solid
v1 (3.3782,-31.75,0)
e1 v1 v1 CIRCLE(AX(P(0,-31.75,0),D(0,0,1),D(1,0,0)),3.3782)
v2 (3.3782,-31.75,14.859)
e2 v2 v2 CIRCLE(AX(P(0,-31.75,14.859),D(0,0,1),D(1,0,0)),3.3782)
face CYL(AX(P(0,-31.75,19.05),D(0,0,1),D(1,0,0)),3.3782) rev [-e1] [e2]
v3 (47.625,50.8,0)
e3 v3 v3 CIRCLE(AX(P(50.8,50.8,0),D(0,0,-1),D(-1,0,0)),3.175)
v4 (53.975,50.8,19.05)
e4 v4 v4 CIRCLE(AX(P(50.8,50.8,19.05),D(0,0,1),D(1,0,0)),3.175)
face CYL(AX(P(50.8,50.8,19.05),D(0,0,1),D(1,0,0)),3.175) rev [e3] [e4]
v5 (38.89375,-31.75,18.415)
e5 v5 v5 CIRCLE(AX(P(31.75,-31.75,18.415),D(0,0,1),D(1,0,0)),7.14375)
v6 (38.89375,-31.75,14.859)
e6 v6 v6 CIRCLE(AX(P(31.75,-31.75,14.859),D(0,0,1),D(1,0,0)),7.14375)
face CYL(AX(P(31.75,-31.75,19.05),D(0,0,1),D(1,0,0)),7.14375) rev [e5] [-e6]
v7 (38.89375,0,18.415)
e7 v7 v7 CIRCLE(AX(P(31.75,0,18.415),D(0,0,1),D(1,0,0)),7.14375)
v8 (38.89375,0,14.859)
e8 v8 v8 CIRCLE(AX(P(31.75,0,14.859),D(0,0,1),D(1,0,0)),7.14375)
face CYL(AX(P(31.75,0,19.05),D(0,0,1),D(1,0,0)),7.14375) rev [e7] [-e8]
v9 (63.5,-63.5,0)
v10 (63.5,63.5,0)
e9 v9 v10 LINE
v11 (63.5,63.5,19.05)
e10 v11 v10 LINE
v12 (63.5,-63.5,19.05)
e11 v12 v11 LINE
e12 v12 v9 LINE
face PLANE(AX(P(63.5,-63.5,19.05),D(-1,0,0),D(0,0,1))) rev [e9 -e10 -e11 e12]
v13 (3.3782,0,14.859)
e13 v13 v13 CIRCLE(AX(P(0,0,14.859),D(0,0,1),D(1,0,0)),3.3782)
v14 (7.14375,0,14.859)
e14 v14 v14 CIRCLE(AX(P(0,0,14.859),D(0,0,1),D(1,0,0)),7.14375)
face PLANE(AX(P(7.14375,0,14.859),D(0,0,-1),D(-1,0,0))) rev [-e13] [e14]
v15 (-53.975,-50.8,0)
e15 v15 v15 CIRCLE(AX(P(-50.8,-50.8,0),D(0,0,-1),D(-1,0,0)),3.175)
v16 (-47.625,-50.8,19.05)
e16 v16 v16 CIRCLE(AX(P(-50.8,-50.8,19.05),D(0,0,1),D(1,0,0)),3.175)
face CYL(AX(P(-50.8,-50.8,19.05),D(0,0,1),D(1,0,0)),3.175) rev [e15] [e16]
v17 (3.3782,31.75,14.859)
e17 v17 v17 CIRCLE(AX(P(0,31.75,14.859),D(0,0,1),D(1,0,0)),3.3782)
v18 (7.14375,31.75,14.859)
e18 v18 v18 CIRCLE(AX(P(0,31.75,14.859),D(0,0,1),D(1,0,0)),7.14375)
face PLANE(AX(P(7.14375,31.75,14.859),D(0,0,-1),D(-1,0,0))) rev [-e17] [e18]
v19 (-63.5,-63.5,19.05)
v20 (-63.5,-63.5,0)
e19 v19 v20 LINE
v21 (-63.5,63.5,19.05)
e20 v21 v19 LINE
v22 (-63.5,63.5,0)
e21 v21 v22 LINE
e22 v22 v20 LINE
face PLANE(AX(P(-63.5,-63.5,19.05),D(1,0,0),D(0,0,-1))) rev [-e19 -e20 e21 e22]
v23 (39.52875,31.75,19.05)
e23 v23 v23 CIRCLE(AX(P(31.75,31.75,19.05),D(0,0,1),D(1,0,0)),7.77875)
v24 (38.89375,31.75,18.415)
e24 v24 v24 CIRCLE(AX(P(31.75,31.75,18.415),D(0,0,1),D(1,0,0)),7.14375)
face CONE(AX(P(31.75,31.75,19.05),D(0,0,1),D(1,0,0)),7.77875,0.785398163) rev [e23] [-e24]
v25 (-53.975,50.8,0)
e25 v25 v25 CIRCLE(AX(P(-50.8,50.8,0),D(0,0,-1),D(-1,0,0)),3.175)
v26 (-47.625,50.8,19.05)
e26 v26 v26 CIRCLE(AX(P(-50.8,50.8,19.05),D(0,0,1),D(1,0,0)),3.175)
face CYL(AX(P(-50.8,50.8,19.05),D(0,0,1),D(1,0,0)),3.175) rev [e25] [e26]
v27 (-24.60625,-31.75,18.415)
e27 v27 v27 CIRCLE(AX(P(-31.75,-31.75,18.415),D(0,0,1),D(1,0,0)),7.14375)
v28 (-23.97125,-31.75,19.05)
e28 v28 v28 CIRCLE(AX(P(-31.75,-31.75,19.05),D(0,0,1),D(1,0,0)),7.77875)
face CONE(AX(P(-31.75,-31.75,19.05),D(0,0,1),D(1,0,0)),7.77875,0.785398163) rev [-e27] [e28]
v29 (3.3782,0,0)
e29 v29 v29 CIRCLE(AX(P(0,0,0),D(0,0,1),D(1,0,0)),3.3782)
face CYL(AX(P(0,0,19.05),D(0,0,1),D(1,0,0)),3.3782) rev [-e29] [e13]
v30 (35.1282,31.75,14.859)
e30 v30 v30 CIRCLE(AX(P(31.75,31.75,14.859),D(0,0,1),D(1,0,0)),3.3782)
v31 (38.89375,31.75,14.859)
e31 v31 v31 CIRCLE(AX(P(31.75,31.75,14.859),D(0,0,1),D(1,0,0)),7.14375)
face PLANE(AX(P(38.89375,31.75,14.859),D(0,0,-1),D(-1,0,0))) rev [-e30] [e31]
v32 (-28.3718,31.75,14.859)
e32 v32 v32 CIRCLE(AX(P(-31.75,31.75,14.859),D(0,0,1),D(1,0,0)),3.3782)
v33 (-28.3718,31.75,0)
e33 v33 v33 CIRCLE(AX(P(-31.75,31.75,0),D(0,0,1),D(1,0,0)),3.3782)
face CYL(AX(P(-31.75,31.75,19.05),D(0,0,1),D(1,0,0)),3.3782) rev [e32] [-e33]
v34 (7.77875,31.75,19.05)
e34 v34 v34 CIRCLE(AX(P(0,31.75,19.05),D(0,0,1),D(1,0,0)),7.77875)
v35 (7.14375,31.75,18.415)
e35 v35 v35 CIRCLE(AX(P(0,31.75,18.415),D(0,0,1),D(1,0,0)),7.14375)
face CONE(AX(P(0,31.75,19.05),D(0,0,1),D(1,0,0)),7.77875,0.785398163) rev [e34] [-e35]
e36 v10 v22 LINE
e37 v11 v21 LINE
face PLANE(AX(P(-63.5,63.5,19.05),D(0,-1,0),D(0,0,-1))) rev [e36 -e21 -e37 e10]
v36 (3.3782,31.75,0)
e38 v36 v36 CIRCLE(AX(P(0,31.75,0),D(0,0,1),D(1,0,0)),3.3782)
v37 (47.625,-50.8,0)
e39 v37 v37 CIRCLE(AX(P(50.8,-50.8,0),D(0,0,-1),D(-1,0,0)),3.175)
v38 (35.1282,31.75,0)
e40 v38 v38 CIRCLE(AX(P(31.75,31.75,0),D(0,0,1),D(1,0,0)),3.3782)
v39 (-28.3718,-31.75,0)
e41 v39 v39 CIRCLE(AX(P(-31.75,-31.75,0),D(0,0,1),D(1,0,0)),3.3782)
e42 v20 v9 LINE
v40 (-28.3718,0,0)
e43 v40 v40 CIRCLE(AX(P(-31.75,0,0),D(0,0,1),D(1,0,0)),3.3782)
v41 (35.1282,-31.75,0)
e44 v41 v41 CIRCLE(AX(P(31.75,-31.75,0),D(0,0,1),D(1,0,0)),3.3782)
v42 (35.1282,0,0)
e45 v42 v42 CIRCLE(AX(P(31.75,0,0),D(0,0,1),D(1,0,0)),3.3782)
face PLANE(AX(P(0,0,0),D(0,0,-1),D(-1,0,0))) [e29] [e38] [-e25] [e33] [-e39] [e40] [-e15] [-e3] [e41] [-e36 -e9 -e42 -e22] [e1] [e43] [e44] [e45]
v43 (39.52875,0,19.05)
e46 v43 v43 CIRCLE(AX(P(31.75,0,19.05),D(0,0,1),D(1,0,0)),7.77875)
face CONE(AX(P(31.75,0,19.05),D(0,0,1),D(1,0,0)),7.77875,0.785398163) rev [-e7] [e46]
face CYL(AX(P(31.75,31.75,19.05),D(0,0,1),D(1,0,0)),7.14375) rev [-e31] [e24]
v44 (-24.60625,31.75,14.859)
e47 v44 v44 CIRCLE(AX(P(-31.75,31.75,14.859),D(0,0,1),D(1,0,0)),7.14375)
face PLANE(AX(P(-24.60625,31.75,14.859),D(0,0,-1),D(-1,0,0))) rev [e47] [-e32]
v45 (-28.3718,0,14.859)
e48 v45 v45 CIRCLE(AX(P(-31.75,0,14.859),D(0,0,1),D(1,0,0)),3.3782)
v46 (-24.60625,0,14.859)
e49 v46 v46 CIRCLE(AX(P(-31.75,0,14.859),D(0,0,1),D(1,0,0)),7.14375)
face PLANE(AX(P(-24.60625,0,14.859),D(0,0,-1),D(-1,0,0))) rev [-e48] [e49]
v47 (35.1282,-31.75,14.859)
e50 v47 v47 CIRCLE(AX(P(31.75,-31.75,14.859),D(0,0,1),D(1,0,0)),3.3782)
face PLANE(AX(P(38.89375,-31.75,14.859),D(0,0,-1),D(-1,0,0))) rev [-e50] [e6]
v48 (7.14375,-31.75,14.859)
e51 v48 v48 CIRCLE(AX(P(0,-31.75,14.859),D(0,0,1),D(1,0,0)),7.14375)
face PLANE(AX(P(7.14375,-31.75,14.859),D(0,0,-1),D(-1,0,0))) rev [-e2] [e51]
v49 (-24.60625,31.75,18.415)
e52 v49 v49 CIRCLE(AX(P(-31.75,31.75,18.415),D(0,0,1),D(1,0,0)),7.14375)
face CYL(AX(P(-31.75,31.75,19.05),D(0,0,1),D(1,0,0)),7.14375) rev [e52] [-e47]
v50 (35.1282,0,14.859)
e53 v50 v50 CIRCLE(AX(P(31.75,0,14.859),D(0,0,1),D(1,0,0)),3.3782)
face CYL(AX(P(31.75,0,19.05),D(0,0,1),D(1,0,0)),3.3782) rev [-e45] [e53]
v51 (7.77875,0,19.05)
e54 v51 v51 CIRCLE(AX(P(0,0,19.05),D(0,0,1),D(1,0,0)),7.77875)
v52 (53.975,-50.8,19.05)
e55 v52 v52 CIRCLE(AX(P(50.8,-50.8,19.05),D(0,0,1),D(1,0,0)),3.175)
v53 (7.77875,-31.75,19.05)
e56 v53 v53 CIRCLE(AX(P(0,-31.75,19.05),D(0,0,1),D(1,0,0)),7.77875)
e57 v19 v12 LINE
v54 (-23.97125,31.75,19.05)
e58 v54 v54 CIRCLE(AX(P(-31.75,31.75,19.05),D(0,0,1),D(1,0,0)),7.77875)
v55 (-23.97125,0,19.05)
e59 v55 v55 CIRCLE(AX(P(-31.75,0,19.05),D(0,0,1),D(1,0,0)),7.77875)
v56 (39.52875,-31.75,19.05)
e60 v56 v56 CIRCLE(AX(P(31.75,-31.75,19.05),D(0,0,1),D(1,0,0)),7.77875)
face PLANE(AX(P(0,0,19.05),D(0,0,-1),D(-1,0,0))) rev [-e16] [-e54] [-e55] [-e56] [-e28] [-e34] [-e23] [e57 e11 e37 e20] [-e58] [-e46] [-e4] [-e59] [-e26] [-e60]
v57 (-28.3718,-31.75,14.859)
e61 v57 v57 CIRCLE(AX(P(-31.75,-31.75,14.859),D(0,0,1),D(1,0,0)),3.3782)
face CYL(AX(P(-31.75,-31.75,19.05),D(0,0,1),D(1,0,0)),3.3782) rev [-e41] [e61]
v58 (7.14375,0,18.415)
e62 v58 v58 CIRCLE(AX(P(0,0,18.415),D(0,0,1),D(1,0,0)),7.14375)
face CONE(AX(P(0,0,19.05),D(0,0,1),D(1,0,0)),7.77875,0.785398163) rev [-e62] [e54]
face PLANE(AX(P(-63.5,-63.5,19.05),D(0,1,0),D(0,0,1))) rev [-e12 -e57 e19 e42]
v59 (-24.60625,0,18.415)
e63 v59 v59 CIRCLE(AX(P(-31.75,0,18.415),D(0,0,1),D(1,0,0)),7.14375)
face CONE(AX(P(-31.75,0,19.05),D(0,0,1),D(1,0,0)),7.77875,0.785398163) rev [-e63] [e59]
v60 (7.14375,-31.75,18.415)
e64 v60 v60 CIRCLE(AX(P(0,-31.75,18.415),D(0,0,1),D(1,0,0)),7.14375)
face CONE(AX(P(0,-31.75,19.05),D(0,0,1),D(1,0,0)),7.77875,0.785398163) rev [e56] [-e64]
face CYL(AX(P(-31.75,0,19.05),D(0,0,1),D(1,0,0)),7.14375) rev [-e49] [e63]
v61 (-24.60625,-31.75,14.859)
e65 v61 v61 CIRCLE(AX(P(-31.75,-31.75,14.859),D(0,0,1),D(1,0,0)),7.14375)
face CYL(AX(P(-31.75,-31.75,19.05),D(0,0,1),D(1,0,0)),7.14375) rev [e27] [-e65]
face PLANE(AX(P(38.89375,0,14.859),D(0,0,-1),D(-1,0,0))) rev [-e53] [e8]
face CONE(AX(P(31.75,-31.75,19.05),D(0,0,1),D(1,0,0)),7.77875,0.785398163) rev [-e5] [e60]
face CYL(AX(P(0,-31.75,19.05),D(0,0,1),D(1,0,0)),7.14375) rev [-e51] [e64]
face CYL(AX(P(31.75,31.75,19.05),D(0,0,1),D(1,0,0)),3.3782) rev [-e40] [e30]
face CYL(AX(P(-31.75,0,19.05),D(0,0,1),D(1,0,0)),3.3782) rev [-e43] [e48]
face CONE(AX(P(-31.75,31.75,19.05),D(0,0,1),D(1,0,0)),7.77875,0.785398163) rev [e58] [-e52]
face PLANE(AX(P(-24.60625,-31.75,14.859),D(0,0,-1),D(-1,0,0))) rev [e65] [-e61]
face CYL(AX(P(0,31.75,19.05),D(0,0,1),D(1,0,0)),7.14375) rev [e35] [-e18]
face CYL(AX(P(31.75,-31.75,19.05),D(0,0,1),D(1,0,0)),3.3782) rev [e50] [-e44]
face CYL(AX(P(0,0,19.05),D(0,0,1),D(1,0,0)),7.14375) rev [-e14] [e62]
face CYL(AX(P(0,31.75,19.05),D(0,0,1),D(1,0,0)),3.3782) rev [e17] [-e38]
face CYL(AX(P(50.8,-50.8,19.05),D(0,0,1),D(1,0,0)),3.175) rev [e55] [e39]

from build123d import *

# Parameters (mm, degrees)
SKETCH2_W                       = 127
SKETCH2_H                       = 127
BOSS_EXTRUDE1_DEPTH             = 19.05
LPATTERN1_COUNT                 = 2
LPATTERN1_PITCH                 = 31.75
LPATTERN1_COL_COUNT             = 2
LPATTERN1_COL_PITCH             = 31.75
LPATTERN2_COUNT                 = 2
LPATTERN2_PITCH                 = 31.75
LPATTERN2_COL_COUNT             = 2
LPATTERN2_COL_PITCH             = 31.75
F_1_4_0_25_DIAMETER_HOLE1_D     = 6.35
F_1_4_0_25_DIAMETER_HOLE1_DEPTH = 59.944
F_1_4_0_25_DIAMETER_HOLE1_TIP   = 1.907732465


with BuildPart() as part:
    # Sketch2 → Boss-Extrude1 (new body)
    with BuildSketch(Plane.XY):
        Rectangle(SKETCH2_W, SKETCH2_H)
    extrude(amount=BOSS_EXTRUDE1_DEPTH)

    # Sketch5 → CBORE for 1/4 Binding Head Machine Screw1 (revolve, cut)
    with BuildSketch(Plane(origin=(0, 0, 19.05), x_dir=(0, -1, 0), z_dir=(1, 0, 0))):
        Polygon((0, 0), (0, 19.05), (3.3782, 19.05), (3.3782, 4.191), (7.14375, 4.191), (7.14375, 0.635), (7.77875, 0), align=None)
    cbore_for_1_4_binding_head_machine_screw = revolve(axis=Axis((0, 0, 25.4), (0, 0, -1)), mode=Mode.SUBTRACT)

    # LPattern1: CBORE for 1/4 Binding Head Machine Screw1 ×2
    with Locations(*[(i * LPATTERN1_PITCH, 0, 0) for i in range(1, LPATTERN1_COUNT)]):
        add(cbore_for_1_4_binding_head_machine_screw, mode=Mode.SUBTRACT)

    # LPattern1 col: CBORE for 1/4 Binding Head Machine Screw1 ×2
    with Locations(*[(-i * LPATTERN1_COL_PITCH, 0, 0) for i in range(1, LPATTERN1_COL_COUNT)]):
        add(cbore_for_1_4_binding_head_machine_screw, mode=Mode.SUBTRACT)

    # LPattern2: CBORE for 1/4 Binding Head Machine Screw1 ×2
    with Locations(*[(0, -i * LPATTERN2_PITCH, 0) for i in range(1, LPATTERN2_COUNT)]):
        add(cbore_for_1_4_binding_head_machine_screw, mode=Mode.SUBTRACT)

    # LPattern2 copy 1 sketch → LPattern2 copy 1 (revolve, cut)
    with BuildSketch(Plane(origin=(31.75, -31.75, 19.05), x_dir=(0, -1, 0), z_dir=(1, 0, 0))):
        Polygon((0, 0), (0, 19.05), (3.3782, 19.05), (3.3782, 4.191), (7.14375, 4.191), (7.14375, 0.635), (7.77875, 0), align=None)
    revolve(axis=Axis((31.75, -31.75, 25.4), (0, 0, -1)), mode=Mode.SUBTRACT)

    # LPattern2 copy 2 sketch → LPattern2 copy 2 (revolve, cut)
    with BuildSketch(Plane(origin=(-31.75, -31.75, 19.05), x_dir=(0, -1, 0), z_dir=(1, 0, 0))):
        Polygon((0, 0), (0, 19.05), (3.3782, 19.05), (3.3782, 4.191), (7.14375, 4.191), (7.14375, 0.635), (7.77875, 0), align=None)
    revolve(axis=Axis((-31.75, -31.75, 25.4), (0, 0, -1)), mode=Mode.SUBTRACT)

    # LPattern2 col: CBORE for 1/4 Binding Head Machine Screw1 ×2
    with Locations(*[(0, i * LPATTERN2_COL_PITCH, 0) for i in range(1, LPATTERN2_COL_COUNT)]):
        add(cbore_for_1_4_binding_head_machine_screw, mode=Mode.SUBTRACT)

    # LPattern2 col copy 1 sketch → LPattern2 col copy 1 (revolve, cut)
    with BuildSketch(Plane(origin=(31.75, 31.75, 19.05), x_dir=(0, -1, 0), z_dir=(1, 0, 0))):
        Polygon((0, 0), (0, 19.05), (3.3782, 19.05), (3.3782, 4.191), (7.14375, 4.191), (7.14375, 0.635), (7.77875, 0), align=None)
    revolve(axis=Axis((31.75, 31.75, 25.4), (0, 0, -1)), mode=Mode.SUBTRACT)

    # LPattern2 col copy 2 sketch → LPattern2 col copy 2 (revolve, cut)
    with BuildSketch(Plane(origin=(-31.75, 31.75, 19.05), x_dir=(0, -1, 0), z_dir=(1, 0, 0))):
        Polygon((0, 0), (0, 19.05), (3.3782, 19.05), (3.3782, 4.191), (7.14375, 4.191), (7.14375, 0.635), (7.77875, 0), align=None)
    revolve(axis=Axis((-31.75, 31.75, 25.4), (0, 0, -1)), mode=Mode.SUBTRACT)

    # 1/4 (0.25) Diameter Hole1
    with Locations(Plane.XY.offset(19.05)):
        with Locations((-50.8, 50.8), (50.8, 50.8), (50.8, -50.8), (-50.8, -50.8)):
            Hole(F_1_4_0_25_DIAMETER_HOLE1_D / 2, depth=F_1_4_0_25_DIAMETER_HOLE1_DEPTH)
            with Locations((0, 0, -(F_1_4_0_25_DIAMETER_HOLE1_DEPTH + F_1_4_0_25_DIAMETER_HOLE1_TIP / 2))):  # 118° drill point
                Cone(0, F_1_4_0_25_DIAMETER_HOLE1_D / 2, F_1_4_0_25_DIAMETER_HOLE1_TIP, mode=Mode.SUBTRACT)


solid = part.part
